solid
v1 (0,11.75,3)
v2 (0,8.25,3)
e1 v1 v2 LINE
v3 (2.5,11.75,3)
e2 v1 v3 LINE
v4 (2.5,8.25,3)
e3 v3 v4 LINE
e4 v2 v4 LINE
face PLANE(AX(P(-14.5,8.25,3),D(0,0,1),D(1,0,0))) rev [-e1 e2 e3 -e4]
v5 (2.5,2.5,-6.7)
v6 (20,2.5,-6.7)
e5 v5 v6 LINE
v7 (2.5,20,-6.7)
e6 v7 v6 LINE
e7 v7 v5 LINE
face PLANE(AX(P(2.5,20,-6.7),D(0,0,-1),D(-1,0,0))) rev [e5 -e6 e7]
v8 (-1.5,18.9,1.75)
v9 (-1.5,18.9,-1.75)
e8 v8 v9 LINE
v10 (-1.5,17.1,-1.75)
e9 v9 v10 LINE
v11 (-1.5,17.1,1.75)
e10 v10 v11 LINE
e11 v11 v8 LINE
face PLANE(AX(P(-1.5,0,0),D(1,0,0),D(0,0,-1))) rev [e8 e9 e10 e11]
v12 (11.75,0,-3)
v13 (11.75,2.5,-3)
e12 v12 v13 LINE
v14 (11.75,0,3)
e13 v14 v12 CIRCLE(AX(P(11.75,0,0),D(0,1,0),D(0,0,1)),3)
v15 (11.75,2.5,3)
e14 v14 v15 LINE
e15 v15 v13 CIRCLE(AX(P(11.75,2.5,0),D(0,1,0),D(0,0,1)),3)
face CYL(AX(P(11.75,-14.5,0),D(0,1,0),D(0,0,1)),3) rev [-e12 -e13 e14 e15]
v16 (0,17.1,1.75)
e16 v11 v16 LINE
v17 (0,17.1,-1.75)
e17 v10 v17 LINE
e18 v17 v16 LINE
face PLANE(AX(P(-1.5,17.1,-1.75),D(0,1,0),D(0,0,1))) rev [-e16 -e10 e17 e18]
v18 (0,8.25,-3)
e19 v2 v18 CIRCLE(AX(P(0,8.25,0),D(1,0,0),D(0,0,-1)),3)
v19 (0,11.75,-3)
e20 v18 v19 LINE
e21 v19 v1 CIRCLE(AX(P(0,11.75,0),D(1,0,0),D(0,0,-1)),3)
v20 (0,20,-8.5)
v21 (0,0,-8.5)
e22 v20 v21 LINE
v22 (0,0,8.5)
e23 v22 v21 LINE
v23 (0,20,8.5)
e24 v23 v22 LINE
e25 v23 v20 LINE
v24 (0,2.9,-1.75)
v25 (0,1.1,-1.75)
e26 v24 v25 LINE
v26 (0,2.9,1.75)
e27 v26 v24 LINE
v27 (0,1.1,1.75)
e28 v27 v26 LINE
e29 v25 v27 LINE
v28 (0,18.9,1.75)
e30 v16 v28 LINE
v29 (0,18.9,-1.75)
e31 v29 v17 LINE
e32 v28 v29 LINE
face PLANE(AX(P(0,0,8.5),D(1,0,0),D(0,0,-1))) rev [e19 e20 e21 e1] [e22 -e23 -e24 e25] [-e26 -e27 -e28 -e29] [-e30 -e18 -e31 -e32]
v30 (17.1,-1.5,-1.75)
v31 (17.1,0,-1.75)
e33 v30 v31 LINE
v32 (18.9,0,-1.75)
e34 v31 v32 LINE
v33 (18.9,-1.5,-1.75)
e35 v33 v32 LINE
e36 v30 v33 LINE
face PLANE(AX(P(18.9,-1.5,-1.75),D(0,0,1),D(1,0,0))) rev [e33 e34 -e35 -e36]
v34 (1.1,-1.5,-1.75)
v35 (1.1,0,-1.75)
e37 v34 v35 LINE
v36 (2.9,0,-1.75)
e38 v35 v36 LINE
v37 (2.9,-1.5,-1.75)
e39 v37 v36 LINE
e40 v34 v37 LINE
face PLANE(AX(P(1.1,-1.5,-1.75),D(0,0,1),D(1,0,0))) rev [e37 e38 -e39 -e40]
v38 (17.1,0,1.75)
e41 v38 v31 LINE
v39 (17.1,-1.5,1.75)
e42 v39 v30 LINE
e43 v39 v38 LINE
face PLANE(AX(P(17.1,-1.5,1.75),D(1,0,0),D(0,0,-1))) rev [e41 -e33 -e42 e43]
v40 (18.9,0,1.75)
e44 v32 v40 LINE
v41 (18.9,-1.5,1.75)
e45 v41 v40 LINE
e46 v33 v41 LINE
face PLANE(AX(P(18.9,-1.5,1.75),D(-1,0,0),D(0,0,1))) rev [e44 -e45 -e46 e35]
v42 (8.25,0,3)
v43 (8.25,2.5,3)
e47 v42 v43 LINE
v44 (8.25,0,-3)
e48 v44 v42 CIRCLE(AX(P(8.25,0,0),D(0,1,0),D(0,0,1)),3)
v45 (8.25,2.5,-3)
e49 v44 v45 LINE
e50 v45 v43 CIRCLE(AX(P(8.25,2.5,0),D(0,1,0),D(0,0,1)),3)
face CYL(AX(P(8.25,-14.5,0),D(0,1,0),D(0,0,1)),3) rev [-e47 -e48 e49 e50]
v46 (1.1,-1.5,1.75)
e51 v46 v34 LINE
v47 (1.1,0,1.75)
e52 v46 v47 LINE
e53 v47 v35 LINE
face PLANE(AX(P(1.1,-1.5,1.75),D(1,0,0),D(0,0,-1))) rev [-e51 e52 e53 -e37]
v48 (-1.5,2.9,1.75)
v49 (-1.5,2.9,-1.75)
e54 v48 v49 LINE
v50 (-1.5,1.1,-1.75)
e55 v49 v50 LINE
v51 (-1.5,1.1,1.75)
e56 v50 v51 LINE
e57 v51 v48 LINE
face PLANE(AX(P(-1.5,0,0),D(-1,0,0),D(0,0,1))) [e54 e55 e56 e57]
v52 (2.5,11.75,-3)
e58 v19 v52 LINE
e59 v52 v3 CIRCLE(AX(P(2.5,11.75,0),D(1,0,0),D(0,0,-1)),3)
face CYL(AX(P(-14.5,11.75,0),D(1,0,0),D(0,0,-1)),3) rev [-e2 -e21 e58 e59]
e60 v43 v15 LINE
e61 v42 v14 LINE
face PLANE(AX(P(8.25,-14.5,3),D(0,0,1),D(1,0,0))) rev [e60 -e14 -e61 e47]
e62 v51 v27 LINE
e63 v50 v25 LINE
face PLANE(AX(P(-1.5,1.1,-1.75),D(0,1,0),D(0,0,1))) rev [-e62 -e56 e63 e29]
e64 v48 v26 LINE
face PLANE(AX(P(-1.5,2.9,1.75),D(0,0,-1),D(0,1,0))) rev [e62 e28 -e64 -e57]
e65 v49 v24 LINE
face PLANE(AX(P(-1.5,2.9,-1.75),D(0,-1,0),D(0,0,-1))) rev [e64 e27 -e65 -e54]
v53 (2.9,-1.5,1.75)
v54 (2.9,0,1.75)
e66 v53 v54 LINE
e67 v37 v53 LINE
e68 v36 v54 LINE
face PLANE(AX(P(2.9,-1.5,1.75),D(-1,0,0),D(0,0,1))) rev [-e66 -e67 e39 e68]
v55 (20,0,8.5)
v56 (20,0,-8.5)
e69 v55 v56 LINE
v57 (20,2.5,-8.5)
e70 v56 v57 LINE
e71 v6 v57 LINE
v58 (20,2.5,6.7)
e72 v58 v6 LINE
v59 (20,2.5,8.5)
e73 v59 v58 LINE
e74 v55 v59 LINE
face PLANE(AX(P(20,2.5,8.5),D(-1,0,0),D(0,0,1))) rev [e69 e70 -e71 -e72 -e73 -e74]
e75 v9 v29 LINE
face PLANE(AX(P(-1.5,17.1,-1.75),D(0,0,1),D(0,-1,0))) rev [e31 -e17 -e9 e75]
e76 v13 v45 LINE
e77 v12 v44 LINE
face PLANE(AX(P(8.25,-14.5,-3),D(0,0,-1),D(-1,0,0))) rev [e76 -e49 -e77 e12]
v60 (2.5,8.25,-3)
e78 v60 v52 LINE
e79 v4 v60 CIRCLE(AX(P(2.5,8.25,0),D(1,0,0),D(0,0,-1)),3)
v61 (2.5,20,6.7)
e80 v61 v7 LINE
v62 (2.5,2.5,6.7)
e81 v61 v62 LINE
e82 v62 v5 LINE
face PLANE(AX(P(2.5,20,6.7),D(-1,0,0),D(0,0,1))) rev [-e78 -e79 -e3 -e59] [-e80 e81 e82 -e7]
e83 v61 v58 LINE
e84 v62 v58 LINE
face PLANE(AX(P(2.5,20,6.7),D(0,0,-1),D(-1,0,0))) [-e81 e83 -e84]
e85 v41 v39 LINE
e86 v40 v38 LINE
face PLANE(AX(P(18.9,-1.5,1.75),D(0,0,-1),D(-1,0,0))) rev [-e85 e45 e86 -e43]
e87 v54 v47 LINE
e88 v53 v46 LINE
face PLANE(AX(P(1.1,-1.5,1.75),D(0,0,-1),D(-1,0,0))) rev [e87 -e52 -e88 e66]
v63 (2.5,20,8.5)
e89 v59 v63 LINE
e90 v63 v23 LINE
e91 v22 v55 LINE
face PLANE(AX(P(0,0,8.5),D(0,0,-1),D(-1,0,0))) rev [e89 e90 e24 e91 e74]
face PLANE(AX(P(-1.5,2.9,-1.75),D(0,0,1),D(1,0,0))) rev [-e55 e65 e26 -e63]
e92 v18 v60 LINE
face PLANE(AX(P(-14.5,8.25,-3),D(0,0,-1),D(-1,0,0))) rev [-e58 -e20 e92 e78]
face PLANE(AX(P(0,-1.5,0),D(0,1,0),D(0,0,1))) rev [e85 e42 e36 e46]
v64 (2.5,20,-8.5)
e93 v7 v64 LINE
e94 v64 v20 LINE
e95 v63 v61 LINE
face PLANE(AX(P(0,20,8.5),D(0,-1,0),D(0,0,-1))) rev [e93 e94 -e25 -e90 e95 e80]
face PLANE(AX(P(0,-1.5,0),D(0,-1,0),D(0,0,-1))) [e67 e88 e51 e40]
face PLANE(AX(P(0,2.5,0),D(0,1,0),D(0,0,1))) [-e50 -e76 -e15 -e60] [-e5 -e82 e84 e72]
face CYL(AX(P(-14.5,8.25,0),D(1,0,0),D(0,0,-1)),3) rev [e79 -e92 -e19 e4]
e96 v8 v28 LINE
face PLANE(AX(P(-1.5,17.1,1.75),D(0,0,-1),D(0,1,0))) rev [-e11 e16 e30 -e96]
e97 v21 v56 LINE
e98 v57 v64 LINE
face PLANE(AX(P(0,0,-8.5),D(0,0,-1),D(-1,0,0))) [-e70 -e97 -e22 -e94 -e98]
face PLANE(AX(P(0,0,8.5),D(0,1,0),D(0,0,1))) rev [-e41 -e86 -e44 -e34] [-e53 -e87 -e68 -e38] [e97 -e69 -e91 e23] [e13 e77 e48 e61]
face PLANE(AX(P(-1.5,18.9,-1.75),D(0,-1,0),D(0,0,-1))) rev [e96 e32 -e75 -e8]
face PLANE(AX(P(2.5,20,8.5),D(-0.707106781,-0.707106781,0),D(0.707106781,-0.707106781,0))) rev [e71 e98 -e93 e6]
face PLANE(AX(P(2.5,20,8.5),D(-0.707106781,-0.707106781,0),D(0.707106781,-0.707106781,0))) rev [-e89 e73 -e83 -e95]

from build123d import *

# Parameters (mm, degrees)
BOSS_EXTRUDE1_DEPTH = 8.5
CUT_EXTRUDE2_START  = -2.5
SKETCH2_W           = 17.5
SKETCH2_H           = 13.4
CUT_EXTRUDE2_DEPTH  = 28.033878851
CUT_EXTRUDE3_DEPTH  = 17
CUT_EXTRUDE4_DEPTH  = 17
SKETCH5_W           = 1.8
SKETCH5_H           = 3.5
BOSS_EXTRUDE2_DEPTH = 1.5
SKETCH6_W           = 3.5
SKETCH6_H           = 1.8
BOSS_EXTRUDE3_DEPTH = 1.5


with BuildPart() as part:
    # Sketch1 → Boss-Extrude1 (new, symmetric)
    with BuildSketch(Plane.XY):
        Polygon((0, 20), (2.5, 20), (20, 2.5), (20, 0), (0, 0), align=None)
    extrude(amount=BOSS_EXTRUDE1_DEPTH, both=True)

    # Sketch2 → Cut-Extrude2 (cut, through all)
    with BuildSketch(Plane.XZ.offset(CUT_EXTRUDE2_START)):
        with Locations((11.25, 0)):
            Rectangle(SKETCH2_W, SKETCH2_H)
    extrude(amount=-CUT_EXTRUDE2_DEPTH, mode=Mode.SUBTRACT)

    # Sketch3 → Cut-Extrude3 (cut)
    with BuildSketch(Plane(origin=(0, 2.5, 0), x_dir=(1, 0, 0), z_dir=(0, 1, 0))):
        with BuildLine():
            Line((8.25, 3), (11.75, 3))
            ThreePointArc((11.75, 3), (14.75, 0), (11.75, -3))
            Line((11.75, -3), (8.25, -3))
            ThreePointArc((8.25, -3), (5.25, 0), (8.25, 3))
        make_face()
    extrude(amount=-CUT_EXTRUDE3_DEPTH, mode=Mode.SUBTRACT)

    # Sketch4 → Cut-Extrude4 (cut)
    with BuildSketch(Plane(origin=(2.5, 0, 0), x_dir=(0, 0, -1), z_dir=(1, 0, 0))):
        with BuildLine():
            Line((-3, 8.25), (-3, 11.75))
            ThreePointArc((-3, 11.75), (0, 14.75), (3, 11.75))
            Line((3, 11.75), (3, 8.25))
            ThreePointArc((3, 8.25), (0, 5.25), (-3, 8.25))
        make_face()
    extrude(amount=-CUT_EXTRUDE4_DEPTH, mode=Mode.SUBTRACT)

    # Sketch5 → Boss-Extrude2 (add)
    with BuildSketch(Plane.XZ):
        with Locations((2, 0)):
            Rectangle(SKETCH5_W, SKETCH5_H)
        with Locations((18, 0)):
            Rectangle(SKETCH5_W, SKETCH5_H)
    extrude(amount=BOSS_EXTRUDE2_DEPTH)

    # Sketch6 → Boss-Extrude3 (add)
    with BuildSketch(Plane.ZY):
        with Locations((0, 2)):
            Rectangle(SKETCH6_W, SKETCH6_H)
        with Locations((0, 18)):
            Rectangle(SKETCH6_W, SKETCH6_H)
    extrude(amount=BOSS_EXTRUDE3_DEPTH)


solid = part.part
